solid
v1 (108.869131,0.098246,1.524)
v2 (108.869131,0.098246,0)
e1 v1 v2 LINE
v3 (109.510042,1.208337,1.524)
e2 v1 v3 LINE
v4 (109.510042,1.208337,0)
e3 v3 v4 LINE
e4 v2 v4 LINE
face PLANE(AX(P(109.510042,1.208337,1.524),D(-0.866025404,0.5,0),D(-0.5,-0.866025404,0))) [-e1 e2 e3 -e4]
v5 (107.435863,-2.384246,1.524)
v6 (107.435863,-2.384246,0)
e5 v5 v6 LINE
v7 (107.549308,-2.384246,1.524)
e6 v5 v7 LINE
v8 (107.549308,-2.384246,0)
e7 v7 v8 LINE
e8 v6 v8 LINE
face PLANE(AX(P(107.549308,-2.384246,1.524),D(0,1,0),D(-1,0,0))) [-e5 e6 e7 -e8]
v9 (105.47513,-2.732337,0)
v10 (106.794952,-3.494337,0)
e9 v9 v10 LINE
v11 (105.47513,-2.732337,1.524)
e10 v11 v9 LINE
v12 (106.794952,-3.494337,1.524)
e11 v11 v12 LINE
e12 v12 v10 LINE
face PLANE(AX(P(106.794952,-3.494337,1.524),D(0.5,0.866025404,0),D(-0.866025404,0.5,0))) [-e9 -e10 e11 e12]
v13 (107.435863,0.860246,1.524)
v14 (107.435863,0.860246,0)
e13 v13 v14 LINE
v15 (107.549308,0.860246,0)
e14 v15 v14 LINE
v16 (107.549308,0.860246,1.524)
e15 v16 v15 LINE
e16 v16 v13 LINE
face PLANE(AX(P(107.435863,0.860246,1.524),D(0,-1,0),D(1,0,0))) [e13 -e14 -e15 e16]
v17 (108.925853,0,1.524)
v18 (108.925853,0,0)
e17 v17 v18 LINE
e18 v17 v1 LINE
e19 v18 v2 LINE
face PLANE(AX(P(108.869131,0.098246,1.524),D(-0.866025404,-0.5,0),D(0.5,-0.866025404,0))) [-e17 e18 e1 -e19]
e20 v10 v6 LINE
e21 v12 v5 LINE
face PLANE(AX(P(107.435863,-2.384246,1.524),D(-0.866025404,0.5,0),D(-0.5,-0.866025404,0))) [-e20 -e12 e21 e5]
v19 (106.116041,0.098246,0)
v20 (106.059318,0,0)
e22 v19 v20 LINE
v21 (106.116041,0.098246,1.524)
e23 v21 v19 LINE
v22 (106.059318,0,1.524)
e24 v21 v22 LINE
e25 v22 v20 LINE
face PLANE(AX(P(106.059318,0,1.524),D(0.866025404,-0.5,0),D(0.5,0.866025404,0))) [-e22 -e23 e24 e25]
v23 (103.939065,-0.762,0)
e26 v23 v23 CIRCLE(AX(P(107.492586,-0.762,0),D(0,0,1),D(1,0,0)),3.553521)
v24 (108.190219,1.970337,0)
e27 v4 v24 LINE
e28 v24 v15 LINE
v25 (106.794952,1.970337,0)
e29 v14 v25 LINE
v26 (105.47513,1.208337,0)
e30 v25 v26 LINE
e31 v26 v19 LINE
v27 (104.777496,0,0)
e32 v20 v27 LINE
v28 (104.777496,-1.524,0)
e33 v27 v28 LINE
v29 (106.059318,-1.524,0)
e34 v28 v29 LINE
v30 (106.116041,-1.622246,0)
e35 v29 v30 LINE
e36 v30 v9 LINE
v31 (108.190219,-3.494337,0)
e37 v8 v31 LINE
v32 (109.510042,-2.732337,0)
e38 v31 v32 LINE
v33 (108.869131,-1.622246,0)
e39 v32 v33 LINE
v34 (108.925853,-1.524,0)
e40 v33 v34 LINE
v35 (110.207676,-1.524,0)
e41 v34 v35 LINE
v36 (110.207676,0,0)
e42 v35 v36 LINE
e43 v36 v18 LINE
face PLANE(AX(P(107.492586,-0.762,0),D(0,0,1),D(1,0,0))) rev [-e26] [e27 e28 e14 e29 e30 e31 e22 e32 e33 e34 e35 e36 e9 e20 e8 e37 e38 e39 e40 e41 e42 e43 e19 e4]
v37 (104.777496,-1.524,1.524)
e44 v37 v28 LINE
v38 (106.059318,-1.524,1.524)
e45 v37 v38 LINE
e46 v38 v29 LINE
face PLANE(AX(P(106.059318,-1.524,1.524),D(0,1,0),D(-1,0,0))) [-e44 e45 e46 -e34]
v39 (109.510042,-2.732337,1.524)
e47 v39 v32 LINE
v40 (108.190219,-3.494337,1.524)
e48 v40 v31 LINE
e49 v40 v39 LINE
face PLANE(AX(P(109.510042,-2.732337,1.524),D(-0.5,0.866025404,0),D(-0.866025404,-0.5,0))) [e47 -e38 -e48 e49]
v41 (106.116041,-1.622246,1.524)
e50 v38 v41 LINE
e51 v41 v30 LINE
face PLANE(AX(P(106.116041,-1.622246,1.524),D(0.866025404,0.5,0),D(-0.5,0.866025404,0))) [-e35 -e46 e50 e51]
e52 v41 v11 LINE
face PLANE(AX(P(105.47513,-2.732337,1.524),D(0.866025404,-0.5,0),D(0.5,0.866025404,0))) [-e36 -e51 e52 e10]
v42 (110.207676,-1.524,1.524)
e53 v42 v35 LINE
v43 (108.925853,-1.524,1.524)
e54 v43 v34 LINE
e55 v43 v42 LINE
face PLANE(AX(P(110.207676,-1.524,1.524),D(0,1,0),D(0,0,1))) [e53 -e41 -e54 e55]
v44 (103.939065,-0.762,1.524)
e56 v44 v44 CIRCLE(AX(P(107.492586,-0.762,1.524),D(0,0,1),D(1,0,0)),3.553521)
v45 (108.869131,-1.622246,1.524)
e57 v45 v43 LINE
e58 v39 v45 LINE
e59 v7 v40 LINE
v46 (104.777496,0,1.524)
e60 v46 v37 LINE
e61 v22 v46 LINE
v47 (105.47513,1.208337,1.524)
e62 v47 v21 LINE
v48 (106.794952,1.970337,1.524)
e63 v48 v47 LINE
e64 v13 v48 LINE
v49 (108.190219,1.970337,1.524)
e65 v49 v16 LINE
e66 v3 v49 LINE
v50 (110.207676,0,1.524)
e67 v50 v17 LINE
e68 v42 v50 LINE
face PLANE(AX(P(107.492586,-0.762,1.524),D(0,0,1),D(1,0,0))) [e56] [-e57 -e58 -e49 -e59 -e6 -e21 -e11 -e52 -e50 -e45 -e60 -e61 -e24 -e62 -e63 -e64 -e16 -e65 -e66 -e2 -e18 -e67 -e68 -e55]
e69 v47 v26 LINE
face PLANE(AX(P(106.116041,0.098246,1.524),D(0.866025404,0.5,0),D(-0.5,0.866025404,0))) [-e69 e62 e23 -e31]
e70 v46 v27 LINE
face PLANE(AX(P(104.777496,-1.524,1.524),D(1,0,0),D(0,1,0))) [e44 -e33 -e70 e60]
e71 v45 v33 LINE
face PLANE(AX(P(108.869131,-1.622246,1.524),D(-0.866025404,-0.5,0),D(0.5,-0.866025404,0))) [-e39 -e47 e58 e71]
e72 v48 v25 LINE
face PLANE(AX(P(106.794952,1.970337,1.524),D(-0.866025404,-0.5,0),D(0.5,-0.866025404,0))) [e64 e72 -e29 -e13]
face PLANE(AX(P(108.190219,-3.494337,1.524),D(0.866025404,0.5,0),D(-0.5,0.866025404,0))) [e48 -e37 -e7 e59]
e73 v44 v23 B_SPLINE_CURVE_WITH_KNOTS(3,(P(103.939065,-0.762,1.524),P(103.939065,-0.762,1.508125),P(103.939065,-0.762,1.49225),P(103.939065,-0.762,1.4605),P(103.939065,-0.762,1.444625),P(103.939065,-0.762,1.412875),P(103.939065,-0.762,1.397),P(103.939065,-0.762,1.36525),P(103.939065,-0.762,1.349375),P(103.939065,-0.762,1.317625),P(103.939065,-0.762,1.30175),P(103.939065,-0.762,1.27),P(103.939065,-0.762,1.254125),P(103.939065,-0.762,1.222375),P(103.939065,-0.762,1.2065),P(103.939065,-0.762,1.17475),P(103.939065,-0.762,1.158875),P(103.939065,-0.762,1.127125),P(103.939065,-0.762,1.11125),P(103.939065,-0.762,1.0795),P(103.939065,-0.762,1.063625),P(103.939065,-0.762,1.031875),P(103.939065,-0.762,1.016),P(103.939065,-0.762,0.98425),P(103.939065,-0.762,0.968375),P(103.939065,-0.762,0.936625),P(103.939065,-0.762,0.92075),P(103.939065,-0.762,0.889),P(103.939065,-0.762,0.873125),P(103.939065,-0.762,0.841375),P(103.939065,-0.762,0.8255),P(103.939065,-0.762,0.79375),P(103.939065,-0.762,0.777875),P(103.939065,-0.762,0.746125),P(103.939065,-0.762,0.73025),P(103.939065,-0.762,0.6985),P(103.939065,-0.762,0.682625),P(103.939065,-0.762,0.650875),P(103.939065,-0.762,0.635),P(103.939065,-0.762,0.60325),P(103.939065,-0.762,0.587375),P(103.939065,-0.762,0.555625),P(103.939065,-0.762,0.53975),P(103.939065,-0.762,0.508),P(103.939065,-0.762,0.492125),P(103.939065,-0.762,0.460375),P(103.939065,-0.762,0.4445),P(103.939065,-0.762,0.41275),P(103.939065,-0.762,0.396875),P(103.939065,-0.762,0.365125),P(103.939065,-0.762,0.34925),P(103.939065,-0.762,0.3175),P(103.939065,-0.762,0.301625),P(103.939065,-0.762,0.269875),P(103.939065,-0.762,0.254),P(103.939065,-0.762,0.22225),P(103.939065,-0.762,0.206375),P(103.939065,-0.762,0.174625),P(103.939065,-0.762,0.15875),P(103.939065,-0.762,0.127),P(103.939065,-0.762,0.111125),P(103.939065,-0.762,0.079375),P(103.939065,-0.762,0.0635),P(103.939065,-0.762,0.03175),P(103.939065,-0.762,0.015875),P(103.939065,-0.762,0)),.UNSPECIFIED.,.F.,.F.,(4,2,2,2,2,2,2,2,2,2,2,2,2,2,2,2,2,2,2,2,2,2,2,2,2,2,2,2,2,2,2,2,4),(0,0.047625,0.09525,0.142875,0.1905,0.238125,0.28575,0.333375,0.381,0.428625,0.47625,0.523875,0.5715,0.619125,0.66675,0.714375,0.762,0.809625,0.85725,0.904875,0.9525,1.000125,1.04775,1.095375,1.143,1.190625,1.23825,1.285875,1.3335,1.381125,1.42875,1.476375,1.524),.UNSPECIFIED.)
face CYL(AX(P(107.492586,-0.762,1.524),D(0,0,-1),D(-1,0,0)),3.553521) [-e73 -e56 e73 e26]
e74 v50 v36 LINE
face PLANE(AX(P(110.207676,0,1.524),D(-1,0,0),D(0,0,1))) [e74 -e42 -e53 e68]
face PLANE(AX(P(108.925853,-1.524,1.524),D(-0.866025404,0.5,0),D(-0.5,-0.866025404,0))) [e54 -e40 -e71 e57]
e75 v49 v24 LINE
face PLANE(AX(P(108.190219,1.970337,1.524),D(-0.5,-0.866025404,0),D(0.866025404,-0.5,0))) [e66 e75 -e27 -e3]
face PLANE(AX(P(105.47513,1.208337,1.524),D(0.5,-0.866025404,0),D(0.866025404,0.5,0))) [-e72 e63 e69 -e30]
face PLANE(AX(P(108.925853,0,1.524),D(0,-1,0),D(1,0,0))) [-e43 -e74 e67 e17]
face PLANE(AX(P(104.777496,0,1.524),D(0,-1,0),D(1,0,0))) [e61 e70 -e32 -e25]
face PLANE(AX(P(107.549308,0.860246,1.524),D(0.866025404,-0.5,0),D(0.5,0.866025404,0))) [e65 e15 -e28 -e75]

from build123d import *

# Parameters (mm, degrees)
SKETCH1_R           = 3.553520767
BOSS_EXTRUDE1_DEPTH = 1.524


with BuildPart() as part:
    # Sketch1 → Boss-Extrude1 (new body)
    with BuildSketch(Plane.XY):
        with Locations(Location((107.492585866, -0.762, 0), (0, 0, 180))):
            Circle(SKETCH1_R)
        Polygon((110.207675722, 0), (110.207675722, -1.524), (108.925853356, -1.524), (108.869130969, -1.622246056), (109.510042152, -2.732336789), (108.190219437, -3.494336789), (107.549308253, -2.384246056), (107.435863479, -2.384246056), (106.794952296, -3.494336789), (105.47512958, -2.732336789), (106.116040764, -1.622246056), (106.059318377, -1.524), (104.77749601, -1.524), (104.77749601, 0), (106.059318377, 0), (106.116040764, 0.098246056), (105.47512958, 1.208336789), (106.794952296, 1.970336789), (107.435863479, 0.860246056), (107.549308253, 0.860246056), (108.190219437, 1.970336789), (109.510042152, 1.208336789), (108.869130969, 0.098246056), (108.925853356, 0), align=None, mode=Mode.SUBTRACT)
    extrude(amount=BOSS_EXTRUDE1_DEPTH)


solid = part.part
